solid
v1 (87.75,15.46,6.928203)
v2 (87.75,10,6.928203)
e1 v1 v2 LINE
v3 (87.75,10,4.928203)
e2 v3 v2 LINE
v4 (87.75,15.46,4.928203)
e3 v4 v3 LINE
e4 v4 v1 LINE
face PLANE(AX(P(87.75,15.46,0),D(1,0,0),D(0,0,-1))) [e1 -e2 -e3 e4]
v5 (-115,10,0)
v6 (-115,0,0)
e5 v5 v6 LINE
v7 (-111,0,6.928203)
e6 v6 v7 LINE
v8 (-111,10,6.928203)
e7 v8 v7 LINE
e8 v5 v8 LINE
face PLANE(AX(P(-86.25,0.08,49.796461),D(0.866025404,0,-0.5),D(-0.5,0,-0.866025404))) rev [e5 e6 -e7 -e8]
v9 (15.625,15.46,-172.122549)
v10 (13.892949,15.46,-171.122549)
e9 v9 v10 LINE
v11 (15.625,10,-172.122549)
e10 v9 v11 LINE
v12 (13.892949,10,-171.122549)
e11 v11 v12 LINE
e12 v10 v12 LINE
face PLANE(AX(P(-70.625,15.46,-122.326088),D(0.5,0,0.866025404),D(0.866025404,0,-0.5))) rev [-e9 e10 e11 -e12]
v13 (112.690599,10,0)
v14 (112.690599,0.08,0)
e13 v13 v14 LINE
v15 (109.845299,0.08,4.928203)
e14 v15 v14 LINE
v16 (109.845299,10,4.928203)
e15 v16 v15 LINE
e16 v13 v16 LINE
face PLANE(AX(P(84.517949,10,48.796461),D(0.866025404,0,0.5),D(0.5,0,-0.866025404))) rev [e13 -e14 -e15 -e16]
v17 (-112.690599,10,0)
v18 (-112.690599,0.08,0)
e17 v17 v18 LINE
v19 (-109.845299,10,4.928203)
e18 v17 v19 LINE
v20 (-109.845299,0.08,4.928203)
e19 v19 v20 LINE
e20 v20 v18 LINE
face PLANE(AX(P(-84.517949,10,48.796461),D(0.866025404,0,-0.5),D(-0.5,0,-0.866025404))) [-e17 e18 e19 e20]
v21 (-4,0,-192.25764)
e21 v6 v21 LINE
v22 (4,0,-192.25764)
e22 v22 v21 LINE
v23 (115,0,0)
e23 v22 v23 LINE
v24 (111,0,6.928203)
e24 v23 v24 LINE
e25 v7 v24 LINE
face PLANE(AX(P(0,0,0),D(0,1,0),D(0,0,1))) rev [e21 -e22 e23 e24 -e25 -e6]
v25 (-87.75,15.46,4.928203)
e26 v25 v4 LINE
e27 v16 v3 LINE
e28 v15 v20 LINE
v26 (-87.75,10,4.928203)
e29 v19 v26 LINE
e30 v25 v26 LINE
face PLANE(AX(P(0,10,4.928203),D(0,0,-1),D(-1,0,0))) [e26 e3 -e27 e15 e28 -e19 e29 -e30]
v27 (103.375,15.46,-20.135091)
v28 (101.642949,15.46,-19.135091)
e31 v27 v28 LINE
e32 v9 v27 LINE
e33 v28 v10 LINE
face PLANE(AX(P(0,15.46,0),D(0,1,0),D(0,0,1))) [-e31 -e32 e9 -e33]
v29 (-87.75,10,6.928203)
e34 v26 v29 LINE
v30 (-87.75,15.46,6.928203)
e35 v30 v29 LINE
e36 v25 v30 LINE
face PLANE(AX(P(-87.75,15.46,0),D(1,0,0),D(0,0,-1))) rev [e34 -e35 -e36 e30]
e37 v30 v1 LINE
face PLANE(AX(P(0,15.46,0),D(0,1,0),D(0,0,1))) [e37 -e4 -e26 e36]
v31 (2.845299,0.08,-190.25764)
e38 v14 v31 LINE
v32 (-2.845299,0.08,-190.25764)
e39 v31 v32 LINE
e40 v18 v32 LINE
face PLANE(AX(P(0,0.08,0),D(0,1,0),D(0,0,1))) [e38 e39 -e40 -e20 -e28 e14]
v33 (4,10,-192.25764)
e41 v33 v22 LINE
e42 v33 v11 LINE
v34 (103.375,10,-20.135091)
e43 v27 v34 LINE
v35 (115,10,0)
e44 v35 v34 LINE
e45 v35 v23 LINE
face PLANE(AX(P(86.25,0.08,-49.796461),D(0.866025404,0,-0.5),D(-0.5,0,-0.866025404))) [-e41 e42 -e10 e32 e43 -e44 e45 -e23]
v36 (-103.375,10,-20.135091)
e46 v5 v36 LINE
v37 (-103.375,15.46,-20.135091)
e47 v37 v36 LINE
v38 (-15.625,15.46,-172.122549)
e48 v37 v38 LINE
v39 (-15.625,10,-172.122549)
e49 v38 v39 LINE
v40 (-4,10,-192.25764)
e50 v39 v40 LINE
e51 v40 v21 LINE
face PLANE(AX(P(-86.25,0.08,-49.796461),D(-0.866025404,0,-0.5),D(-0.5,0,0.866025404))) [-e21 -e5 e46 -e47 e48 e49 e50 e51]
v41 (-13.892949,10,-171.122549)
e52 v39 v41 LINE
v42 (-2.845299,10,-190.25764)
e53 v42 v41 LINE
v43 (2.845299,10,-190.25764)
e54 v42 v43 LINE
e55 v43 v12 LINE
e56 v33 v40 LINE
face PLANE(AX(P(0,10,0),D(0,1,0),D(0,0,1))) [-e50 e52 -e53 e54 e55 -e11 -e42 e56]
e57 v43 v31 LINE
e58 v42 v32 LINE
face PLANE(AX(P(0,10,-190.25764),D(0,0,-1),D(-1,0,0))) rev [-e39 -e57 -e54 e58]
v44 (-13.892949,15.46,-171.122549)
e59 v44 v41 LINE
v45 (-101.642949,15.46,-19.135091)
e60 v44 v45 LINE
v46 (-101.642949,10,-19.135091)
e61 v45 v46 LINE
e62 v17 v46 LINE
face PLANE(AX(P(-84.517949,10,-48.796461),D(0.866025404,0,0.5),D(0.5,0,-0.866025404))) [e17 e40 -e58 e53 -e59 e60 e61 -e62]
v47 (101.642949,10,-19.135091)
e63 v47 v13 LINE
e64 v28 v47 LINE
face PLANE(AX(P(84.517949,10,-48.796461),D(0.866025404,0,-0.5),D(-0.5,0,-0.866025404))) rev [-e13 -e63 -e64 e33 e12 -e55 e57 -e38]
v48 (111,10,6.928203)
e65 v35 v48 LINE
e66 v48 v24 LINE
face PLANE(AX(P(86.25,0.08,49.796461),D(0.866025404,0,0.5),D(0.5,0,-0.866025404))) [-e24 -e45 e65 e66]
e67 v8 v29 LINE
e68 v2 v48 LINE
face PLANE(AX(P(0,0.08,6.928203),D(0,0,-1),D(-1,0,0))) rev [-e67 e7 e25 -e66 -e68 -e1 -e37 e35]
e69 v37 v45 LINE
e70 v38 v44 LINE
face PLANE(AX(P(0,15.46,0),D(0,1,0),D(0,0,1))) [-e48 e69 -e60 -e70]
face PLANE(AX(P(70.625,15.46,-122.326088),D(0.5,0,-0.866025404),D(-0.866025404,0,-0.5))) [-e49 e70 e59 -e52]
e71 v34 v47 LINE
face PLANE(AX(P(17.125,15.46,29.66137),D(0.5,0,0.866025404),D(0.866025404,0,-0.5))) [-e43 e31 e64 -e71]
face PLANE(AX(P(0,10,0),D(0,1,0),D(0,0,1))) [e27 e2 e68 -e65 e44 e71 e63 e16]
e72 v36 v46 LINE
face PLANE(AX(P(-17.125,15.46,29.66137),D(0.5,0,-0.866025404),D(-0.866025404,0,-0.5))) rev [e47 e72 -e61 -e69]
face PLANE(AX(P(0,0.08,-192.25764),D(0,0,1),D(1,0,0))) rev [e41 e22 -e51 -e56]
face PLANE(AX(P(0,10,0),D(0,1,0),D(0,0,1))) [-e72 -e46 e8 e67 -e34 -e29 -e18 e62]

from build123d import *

# Parameters (mm, degrees)
BOSS_EXTRUDE1_DEPTH = 0.08
BOSS_EXTRUDE2_DEPTH = 10
SKETCH1_4_W         = 175.5
SKETCH1_4_H         = 2
BOSS_EXTRUDE3_DEPTH = 15.46


with BuildPart() as part:
    # Sketch1 → Boss-Extrude1 (new body)
    with BuildSketch(Plane(origin=(0, 0, 0), x_dir=(1, 0, 0), z_dir=(0, 1, 0))):
        Polygon((-115, 0), (-111, -6.92820323), (111, -6.92820323), (115, 0), (4, 192.25763964), (-4, 192.25763964), align=None)
    extrude(amount=BOSS_EXTRUDE1_DEPTH)

    # Sketch1<3> → Boss-Extrude2 (add)
    with BuildSketch(Plane(origin=(0, 0, 0), x_dir=(1, 0, 0), z_dir=(0, 1, 0))):
        Polygon((-103.375, 20.135090638), (-115, 0), (-111, -6.92820323), (-87.75, -6.92820323), (-87.75, -4.92820323), (-109.845299462, -4.92820323), (-112.690598923, 0), (-101.642949192, 19.135090638), align=None)
        Polygon((-4, 192.25763964), (-15.625, 172.122549002), (-13.892949192, 171.122549002), (-2.845299462, 190.25763964), (2.845299462, 190.25763964), (13.892949192, 171.122549002), (15.625, 172.122549002), (4, 192.25763964), align=None)
        Polygon((87.75, -4.92820323), (87.75, -6.92820323), (111, -6.92820323), (115, 0), (103.375, 20.135090638), (101.642949192, 19.135090638), (112.690598923, 0), (109.845299462, -4.92820323), align=None)
    extrude(amount=BOSS_EXTRUDE2_DEPTH)

    # Sketch1<4> → Boss-Extrude3 (add)
    with BuildSketch(Plane(origin=(0, 0, 0), x_dir=(1, 0, 0), z_dir=(0, 1, 0))):
        Polygon((-15.625, 172.122549002), (-103.375, 20.135090638), (-101.642949192, 19.135090638), (-13.892949192, 171.122549002), align=None)
        with Locations((0, -5.92820323)):
            Rectangle(SKETCH1_4_W, SKETCH1_4_H)
        Polygon((103.375, 20.135090638), (15.625, 172.122549002), (13.892949192, 171.122549002), (101.642949192, 19.135090638), align=None)
    extrude(amount=BOSS_EXTRUDE3_DEPTH)


solid = part.part
